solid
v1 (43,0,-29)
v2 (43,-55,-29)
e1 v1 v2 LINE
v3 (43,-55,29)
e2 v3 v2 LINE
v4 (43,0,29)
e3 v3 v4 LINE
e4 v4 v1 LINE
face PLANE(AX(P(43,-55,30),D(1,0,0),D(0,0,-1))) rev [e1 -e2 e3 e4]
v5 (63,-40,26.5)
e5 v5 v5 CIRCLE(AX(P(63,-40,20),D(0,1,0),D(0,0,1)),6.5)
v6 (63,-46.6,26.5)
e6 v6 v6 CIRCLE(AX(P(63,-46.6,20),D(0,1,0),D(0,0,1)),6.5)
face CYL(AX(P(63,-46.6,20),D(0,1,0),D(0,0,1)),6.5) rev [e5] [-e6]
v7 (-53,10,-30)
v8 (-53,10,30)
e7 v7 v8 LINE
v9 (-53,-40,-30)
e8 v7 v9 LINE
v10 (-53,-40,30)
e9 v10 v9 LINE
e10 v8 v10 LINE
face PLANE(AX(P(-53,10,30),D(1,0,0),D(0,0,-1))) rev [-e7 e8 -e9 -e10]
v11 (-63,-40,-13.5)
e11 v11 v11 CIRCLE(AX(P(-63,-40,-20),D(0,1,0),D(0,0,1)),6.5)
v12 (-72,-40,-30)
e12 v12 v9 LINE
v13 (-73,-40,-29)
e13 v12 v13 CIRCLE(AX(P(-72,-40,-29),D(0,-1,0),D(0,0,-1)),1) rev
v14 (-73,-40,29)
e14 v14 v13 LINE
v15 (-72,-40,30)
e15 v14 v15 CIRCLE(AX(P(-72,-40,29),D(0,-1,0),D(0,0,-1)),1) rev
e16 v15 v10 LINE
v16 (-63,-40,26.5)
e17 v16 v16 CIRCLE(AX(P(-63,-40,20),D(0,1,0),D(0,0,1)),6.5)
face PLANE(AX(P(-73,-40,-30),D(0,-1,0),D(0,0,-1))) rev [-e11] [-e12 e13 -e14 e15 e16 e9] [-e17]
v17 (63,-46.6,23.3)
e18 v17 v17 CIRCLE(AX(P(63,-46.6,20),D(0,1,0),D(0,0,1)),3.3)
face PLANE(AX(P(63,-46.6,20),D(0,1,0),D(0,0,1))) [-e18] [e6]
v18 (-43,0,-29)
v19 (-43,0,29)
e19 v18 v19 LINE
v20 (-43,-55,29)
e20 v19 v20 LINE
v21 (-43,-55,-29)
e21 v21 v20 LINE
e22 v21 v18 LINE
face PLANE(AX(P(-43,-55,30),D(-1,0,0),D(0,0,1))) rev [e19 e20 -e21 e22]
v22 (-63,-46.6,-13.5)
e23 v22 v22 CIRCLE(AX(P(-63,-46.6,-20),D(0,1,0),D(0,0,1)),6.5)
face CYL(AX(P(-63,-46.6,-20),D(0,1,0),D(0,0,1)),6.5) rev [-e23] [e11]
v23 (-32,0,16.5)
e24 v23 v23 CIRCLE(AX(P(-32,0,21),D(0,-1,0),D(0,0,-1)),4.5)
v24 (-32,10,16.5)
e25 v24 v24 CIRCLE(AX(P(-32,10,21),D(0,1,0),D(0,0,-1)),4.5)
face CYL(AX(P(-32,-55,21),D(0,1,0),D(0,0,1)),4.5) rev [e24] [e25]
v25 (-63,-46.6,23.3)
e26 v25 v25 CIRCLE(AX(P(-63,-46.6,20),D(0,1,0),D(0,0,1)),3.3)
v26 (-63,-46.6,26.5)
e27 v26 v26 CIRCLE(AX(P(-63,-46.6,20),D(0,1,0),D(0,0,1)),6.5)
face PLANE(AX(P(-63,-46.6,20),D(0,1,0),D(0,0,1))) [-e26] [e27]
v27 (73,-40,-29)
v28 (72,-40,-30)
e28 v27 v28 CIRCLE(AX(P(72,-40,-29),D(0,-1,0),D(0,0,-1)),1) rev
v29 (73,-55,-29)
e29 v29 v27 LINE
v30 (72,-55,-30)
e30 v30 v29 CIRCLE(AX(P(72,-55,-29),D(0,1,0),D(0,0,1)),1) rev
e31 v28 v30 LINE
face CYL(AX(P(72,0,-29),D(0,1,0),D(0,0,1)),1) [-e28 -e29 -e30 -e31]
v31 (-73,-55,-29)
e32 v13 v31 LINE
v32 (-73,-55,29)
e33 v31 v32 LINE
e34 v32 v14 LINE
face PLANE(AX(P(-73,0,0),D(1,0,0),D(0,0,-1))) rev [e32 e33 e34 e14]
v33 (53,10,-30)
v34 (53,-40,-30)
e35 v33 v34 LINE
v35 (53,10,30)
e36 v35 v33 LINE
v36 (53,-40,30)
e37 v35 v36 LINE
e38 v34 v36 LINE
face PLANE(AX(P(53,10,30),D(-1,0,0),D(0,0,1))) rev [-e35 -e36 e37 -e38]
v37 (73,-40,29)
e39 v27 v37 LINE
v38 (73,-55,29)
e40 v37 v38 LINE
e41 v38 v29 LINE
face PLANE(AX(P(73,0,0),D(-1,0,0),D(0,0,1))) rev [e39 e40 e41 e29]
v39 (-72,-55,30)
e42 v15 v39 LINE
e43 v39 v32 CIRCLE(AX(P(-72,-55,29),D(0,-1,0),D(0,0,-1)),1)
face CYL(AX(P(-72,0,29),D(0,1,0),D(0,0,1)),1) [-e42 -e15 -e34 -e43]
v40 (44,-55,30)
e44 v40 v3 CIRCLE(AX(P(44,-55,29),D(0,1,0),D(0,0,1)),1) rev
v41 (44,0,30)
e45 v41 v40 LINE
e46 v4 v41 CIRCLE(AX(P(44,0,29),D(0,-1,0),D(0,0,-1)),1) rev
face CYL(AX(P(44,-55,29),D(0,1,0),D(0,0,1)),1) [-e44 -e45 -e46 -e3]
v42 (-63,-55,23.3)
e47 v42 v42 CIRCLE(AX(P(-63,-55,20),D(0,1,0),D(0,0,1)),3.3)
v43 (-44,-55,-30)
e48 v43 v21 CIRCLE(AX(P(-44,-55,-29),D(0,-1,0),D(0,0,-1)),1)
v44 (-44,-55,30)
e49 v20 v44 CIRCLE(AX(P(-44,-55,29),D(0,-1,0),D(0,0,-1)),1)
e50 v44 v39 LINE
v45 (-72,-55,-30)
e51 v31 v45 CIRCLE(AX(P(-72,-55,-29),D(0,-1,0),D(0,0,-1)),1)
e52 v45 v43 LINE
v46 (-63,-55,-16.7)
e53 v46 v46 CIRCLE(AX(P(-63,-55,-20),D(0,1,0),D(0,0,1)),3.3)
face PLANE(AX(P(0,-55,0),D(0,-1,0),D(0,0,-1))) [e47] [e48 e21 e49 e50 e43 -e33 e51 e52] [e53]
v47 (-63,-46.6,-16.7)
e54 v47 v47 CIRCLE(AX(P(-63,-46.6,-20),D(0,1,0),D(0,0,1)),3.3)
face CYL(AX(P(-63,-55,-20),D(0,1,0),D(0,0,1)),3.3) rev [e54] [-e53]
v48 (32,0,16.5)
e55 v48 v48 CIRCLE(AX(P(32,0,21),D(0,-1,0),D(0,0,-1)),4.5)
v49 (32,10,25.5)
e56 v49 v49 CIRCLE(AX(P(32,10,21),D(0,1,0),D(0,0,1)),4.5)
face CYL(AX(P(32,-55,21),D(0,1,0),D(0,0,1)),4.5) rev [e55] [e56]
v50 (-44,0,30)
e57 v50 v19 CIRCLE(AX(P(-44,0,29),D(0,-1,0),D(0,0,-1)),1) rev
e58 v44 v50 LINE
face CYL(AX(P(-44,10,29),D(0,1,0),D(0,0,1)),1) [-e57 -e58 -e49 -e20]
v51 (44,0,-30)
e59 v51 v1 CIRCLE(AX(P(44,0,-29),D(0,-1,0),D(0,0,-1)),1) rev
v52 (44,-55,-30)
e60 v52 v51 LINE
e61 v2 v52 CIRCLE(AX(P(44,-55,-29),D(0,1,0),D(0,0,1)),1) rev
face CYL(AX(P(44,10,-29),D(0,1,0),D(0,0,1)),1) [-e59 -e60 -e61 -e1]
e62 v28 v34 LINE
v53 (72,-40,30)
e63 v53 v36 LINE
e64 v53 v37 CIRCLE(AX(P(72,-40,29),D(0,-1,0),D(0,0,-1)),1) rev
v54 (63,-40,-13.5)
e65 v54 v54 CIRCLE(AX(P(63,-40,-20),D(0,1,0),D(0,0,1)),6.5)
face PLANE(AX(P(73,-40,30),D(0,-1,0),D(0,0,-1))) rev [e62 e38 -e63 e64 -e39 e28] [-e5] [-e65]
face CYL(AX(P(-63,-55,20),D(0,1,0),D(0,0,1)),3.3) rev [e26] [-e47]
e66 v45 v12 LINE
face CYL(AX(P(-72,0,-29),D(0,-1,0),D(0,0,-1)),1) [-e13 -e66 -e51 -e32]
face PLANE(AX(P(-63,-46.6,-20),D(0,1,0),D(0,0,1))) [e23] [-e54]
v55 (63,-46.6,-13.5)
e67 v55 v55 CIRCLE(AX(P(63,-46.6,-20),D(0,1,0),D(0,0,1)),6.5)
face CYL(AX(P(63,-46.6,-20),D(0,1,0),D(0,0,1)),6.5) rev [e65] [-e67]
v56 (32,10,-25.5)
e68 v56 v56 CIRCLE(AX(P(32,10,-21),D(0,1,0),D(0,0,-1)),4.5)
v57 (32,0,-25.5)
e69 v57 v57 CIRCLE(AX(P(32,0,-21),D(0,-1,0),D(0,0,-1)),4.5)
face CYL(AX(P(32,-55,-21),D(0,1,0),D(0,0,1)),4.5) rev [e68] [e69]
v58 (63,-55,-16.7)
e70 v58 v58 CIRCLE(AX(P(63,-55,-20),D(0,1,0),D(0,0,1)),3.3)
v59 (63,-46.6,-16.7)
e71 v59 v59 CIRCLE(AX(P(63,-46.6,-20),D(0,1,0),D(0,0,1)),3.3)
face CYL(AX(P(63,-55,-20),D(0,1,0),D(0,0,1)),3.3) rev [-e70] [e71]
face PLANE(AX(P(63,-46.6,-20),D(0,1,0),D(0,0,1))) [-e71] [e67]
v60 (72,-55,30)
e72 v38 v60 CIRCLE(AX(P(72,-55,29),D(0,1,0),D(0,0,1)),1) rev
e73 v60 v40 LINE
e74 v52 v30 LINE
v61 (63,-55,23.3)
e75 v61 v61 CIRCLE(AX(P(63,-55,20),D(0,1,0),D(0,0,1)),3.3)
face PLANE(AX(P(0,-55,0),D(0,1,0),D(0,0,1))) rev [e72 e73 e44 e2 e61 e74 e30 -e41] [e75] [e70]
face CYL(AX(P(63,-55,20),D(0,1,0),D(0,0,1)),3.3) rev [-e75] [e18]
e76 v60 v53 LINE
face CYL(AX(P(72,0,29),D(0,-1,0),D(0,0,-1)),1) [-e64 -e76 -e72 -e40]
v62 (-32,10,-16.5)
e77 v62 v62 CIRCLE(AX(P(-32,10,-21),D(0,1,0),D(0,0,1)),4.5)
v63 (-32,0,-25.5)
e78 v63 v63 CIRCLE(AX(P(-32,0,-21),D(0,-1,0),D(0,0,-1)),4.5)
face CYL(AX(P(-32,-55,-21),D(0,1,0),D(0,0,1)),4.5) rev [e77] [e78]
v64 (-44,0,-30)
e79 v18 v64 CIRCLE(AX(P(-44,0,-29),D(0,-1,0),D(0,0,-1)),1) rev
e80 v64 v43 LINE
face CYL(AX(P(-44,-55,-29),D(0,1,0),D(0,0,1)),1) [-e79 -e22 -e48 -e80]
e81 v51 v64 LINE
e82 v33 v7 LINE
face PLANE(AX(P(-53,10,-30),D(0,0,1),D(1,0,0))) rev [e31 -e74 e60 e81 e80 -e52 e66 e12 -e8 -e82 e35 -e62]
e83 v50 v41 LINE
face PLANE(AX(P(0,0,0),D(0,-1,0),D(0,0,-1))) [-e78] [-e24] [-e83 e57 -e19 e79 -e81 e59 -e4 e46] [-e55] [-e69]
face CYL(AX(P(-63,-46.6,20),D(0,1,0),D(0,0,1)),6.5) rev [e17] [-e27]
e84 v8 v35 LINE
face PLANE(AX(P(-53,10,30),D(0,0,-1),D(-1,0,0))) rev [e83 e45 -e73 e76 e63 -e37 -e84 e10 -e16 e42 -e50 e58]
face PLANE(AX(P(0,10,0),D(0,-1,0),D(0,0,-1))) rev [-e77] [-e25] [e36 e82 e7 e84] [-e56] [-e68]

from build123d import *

# Parameters (mm, degrees)
SKETCH1_W           = 106
SKETCH1_H           = 60
BOSS_EXTRUDE1_DEPTH = 10
SKETCH2_W           = 10
SKETCH2_H           = 60
BOSS_EXTRUDE2_DEPTH = 55
SKETCH3_W           = 60
SKETCH3_H           = 15
BOSS_EXTRUDE3_DEPTH = 20
SKETCH4_W           = 60
SKETCH4_H           = 15
BOSS_EXTRUDE4_DEPTH = 20
SKETCH5_R           = 4.5
CUT_EXTRUDE1_DEPTH  = 66
SKETCH6_R           = 6.5
CUT_EXTRUDE2_DEPTH  = 6.6
SKETCH7_R           = 3.3
CUT_EXTRUDE3_DEPTH  = 9.4
FILLET1_R           = 1


with BuildPart() as part:
    # Sketch1 → Boss-Extrude1 (new body)
    with BuildSketch(Plane(origin=(0, 0, 0), x_dir=(1, 0, 0), z_dir=(0, 1, 0))):
        Rectangle(SKETCH1_W, SKETCH1_H)
    extrude(amount=BOSS_EXTRUDE1_DEPTH)

    # Sketch2 → Boss-Extrude2 (add)
    with BuildSketch(Plane.XZ):
        with Locations((-48, 0)):
            Rectangle(SKETCH2_W, SKETCH2_H)
        with Locations((48, 0)):
            Rectangle(SKETCH2_W, SKETCH2_H)
    extrude(amount=BOSS_EXTRUDE2_DEPTH)

    # Sketch3 → Boss-Extrude3 (add)
    with BuildSketch(Plane(origin=(53, 0, 0), x_dir=(0, 0, -1), z_dir=(1, 0, 0))):
        with Locations((0, -47.5)):
            Rectangle(SKETCH3_W, SKETCH3_H)
    extrude(amount=BOSS_EXTRUDE3_DEPTH)

    # Sketch4 → Boss-Extrude4 (add)
    with BuildSketch(Plane.ZY.offset(53)):
        with Locations((0, -47.5)):
            Rectangle(SKETCH4_W, SKETCH4_H)
    extrude(amount=BOSS_EXTRUDE4_DEPTH)

    # Sketch5 → Cut-Extrude1 (cut, through all)
    with BuildSketch(Plane(origin=(0, 10, 0), x_dir=(1, 0, 0), z_dir=(0, 1, 0))):
        with Locations((-32, 21)):
            Circle(SKETCH5_R)
        with Locations((32, 21)):
            Circle(SKETCH5_R)
        with Locations((32, -21)):
            Circle(SKETCH5_R)
        with Locations((-32, -21)):
            Circle(SKETCH5_R)
    extrude(amount=-CUT_EXTRUDE1_DEPTH, mode=Mode.SUBTRACT)

    # Sketch6 → Cut-Extrude2 (cut)
    with BuildSketch(Plane(origin=(0, -40, 0), x_dir=(1, 0, 0), z_dir=(0, 1, 0))):
        with Locations((63, 20)):
            Circle(SKETCH6_R)
        with Locations((63, -20)):
            Circle(SKETCH6_R)
        with Locations((-63, 20)):
            Circle(SKETCH6_R)
        with Locations((-63, -20)):
            Circle(SKETCH6_R)
    extrude(amount=-CUT_EXTRUDE2_DEPTH, mode=Mode.SUBTRACT)

    # Sketch7 → Cut-Extrude3 (cut, through all)
    with BuildSketch(Plane(origin=(0, -46.6, 0), x_dir=(1, 0, 0), z_dir=(0, 1, 0))):
        with Locations((-63, 20)):
            Circle(SKETCH7_R)
        with Locations((-63, -20)):
            Circle(SKETCH7_R)
        with Locations((63, -20)):
            Circle(SKETCH7_R)
        with Locations((63, 20)):
            Circle(SKETCH7_R)
    extrude(amount=-CUT_EXTRUDE3_DEPTH, mode=Mode.SUBTRACT)

    # Fillet1
    fillet1_edges = [part.edges().sort_by_distance(p)[0] for p in [
        (-43, -27.5, -30),
        (-43, -27.5, 30),
        (43, -27.5, 30),
        (43, -27.5, -30),
        (73, -47.5, 30),
        (73, -47.5, -30),
        (-73, -47.5, -30),
        (-73, -47.5, 30),
    ]]
    fillet(fillet1_edges, radius=FILLET1_R)


solid = part.part
